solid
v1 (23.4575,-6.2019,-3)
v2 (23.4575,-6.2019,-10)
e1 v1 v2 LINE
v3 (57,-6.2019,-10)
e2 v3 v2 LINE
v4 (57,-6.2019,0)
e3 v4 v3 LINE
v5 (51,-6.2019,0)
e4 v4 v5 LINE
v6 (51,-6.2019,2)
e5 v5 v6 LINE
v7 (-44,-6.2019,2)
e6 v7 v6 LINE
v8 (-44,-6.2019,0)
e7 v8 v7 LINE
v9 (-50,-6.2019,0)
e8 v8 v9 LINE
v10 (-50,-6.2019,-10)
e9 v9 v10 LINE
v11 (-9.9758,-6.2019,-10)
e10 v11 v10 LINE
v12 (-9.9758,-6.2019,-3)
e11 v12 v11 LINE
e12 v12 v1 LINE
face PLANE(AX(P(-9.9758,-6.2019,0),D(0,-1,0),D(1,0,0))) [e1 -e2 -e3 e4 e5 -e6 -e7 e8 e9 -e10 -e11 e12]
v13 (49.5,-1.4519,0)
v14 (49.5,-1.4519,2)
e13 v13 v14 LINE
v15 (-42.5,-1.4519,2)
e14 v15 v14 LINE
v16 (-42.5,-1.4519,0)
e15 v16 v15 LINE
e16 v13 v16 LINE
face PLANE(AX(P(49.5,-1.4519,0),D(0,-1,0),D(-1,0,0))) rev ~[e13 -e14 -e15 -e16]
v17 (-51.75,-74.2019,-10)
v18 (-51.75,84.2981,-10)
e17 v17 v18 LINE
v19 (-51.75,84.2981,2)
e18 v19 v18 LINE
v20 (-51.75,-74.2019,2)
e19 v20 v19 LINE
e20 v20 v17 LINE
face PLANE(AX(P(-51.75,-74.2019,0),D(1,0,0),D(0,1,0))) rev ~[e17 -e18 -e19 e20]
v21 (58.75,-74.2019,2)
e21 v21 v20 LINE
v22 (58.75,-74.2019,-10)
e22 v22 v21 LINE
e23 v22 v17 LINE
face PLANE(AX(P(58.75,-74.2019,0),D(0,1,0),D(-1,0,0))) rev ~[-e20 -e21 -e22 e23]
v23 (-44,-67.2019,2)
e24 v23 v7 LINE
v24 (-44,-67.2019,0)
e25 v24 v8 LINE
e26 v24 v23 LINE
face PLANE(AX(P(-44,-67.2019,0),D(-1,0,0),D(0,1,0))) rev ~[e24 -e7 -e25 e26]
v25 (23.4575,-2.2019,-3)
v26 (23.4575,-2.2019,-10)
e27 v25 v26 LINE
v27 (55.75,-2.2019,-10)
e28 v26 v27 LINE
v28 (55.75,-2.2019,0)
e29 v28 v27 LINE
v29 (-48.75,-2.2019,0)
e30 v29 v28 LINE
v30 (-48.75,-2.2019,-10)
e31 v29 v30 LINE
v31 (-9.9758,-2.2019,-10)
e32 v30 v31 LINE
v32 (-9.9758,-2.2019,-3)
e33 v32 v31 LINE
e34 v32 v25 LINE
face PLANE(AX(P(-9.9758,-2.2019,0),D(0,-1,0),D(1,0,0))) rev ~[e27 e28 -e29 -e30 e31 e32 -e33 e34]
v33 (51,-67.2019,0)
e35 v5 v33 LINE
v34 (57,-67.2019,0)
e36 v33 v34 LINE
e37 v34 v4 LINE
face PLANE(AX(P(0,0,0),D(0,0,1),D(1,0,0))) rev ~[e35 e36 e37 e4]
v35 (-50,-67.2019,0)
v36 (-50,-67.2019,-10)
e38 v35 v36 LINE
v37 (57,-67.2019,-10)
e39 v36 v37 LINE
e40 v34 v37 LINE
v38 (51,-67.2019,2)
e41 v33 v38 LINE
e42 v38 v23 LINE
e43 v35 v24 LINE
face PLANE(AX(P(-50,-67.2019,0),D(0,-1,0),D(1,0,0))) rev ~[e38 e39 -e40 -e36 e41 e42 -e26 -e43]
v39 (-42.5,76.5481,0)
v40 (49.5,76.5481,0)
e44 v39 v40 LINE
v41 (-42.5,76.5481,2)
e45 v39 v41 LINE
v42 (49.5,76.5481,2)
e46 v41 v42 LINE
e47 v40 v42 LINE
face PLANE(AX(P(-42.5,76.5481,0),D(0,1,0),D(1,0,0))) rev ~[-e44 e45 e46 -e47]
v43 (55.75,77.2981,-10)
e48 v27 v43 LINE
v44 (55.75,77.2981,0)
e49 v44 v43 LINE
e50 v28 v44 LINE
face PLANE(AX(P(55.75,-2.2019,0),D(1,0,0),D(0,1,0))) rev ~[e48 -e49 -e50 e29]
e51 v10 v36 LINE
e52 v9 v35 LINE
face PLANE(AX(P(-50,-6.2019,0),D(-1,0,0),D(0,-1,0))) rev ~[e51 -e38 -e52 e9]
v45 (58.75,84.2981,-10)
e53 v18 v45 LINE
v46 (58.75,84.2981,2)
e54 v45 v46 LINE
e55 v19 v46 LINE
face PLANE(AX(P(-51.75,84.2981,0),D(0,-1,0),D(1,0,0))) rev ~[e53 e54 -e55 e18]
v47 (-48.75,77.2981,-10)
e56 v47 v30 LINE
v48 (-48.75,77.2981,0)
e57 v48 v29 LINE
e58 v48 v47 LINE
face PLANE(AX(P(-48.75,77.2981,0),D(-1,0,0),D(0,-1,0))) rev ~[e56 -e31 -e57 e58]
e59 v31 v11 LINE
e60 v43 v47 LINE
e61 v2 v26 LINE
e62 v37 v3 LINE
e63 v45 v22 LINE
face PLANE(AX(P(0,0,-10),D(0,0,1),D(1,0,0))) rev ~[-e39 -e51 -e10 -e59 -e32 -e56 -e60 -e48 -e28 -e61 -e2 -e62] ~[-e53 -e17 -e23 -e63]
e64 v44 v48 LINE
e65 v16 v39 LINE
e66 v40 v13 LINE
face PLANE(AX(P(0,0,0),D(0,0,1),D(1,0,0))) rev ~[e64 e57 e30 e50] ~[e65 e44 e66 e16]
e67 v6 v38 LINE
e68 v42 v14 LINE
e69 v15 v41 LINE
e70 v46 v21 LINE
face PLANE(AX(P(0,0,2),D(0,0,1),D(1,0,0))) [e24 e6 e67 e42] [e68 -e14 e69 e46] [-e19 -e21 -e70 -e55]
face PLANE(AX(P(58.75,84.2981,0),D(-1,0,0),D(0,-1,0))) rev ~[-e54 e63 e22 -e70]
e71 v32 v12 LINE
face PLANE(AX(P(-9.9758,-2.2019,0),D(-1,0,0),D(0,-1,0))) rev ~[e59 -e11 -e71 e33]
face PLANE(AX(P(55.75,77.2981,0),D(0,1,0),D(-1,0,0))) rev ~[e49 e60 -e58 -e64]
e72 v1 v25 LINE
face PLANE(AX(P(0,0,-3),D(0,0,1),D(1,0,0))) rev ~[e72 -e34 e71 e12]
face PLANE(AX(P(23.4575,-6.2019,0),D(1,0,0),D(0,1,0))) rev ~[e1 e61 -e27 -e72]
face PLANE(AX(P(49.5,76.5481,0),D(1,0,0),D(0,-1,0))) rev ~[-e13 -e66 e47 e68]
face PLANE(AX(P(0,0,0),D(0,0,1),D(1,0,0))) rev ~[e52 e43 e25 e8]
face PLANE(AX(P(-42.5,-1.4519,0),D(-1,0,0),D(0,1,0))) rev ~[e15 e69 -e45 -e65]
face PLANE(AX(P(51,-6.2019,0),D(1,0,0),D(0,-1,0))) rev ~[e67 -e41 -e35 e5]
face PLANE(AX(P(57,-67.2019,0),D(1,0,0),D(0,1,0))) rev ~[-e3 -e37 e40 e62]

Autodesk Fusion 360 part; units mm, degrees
sketch "Sketch1" plane through (0, 0, 0) normal (0, 0, 1) x (1, 0, 0)
  line L0 (3.5, 81.3196) -> (3.5, -80.4746) construction
  line L1 (55.75, 77.2981) -> (-48.75, 77.2981)
  line L2 (-48.75, 77.2981) -> (-48.75, -2.2019)
  line L3 (-48.75, -2.2019) -> (55.75, -2.2019)
  line L4 (55.75, -2.2019) -> (55.75, 77.2981)
  line L5 (55.75, 77.2981) -> (-48.75, -2.2019) construction
  line L6 (-48.75, 77.2981) -> (55.75, -2.2019) construction
  line L7 (-44, -6.2019) -> (51, -6.2019)
  line L8 (51, -6.2019) -> (51, -67.2019)
  line L9 (51, -67.2019) -> (-44, -67.2019)
  line L10 (-44, -67.2019) -> (-44, -6.2019)
  line L11 (-44, -6.2019) -> (51, -67.2019) construction
  line L12 (51, -6.2019) -> (-44, -67.2019) construction
  line L13 (-42.5, 76.5481) -> (49.5, 76.5481)
  line L14 (49.5, 76.5481) -> (49.5, -1.4519)
  line L15 (49.5, -1.4519) -> (-42.5, -1.4519)
  line L16 (-42.5, -1.4519) -> (-42.5, 76.5481)
  line L17 (-42.5, 76.5481) -> (49.5, -1.4519) construction
  line L18 (49.5, 76.5481) -> (-42.5, -1.4519) construction
  line L19 (57, -6.2019) -> (-50, -6.2019)
  line L20 (-50, -6.2019) -> (-50, -67.2019)
  line L21 (-50, -67.2019) -> (57, -67.2019)
  line L22 (57, -67.2019) -> (57, -6.2019)
  line L23 (57, -6.2019) -> (-50, -67.2019) construction
  line L24 (-50, -6.2019) -> (57, -67.2019) construction
  line L25 (-209.3085, -13.7554) -> (162.3486, -13.7554) construction
  line L26 (58.75, -74.2019) -> (-51.75, -74.2019)
  line L27 (-51.75, -74.2019) -> (-51.75, 84.2981)
  line L28 (-51.75, 84.2981) -> (58.75, 84.2981)
  line L29 (58.75, 84.2981) -> (58.75, -74.2019)
  line L30 (58.75, -74.2019) -> (-51.75, 84.2981) construction
  line L31 (-51.75, -74.2019) -> (58.75, 84.2981) construction
  line L32 (-9.9758, -6.2019) -> (23.4575, -6.2019)
  line L33 (23.4575, -6.2019) -> (23.4575, -1.4519)
  line L34 (23.4575, -1.4519) -> (-9.9758, -1.4519)
  line L35 (-9.9758, -1.4519) -> (-9.9758, -6.2019)
  point P0 (3.5, 37.5481)
  point P1 (3.5, -36.7019)
  point P2 (3.5, 37.5481)
  point P3 (3.5, -36.7019)
  point P4 (3.5, 5.0481)
  dimension "d11" = 104.5
  dimension "d12" = 79.5
  dimension "d13" = 95
  dimension "d14" = 61
  dimension "d15" = 92
  dimension "d16" = 78
  dimension "d17" = 107
  dimension "d18" = 61
  dimension "d19" = 74.25
  dimension "d21" = 110.5
  dimension "d22" = 158.5
  dimension "d23" = 7
extrude "Extrude1" add sketch "Sketch1" along normal blind 2 contours L1 L2 L3 L4 L13 L14 L15 L16 L33 L35 | L3 L7 L19 L32 L33 L35 | L3 L15 L33 L34 L35 | L8 L19 L21 L22 | L10 L19 L20 L21 | L26 L27 L28 L29
extrude "Extrude2" add sketch "Sketch1" against normal blind 10
extrude "Extrude3" add sketch "Sketch1" against normal blind 3 contours L3 L7 L19 L32 L33 L35
equation "screenWidth = 92 mm"
equation "screenHeight = 78 mm"
equation "solarWidth = 107 mm"
equation "solarHeight = 61 mm"
equation "solarBoardWidth = 95 mm"
equation "solarBoardOHeight = solarHeight"
equation "screenBoardWidth = 104.5 mm"
equation "screenBoardHeight = 79.5 mm"
equation "middleSpace = 4 mm"
equation "border = 3 mm"
equation "d11 = screenBoardWidth"
equation "d12 = screenBoardHeight"
equation "d13 = solarBoardWidth"
equation "d14 = solarBoardOHeight"
equation "d15 = screenWidth"
equation "d16 = screenHeight"
equation "d17 = solarWidth"
equation "d18 = solarHeight"
equation "d19 = ( ( screenBoardHeight + solarBoardOHeight ) / 2 ) + middleSpace"
equation "boardThickness = 10 mm"
equation "d21 = screenBoardWidth + ( border * 2 )"
equation "d22 = solarBoardOHeight + screenBoardHeight + middleSpace + ( borderTop * 2 )"
equation "d23 = borderTop"
equation "faceThickness = 2 mm"
equation "d25 = faceThickness"
equation "d27 = -boardThickness"
equation "borderTop = 7 mm"
